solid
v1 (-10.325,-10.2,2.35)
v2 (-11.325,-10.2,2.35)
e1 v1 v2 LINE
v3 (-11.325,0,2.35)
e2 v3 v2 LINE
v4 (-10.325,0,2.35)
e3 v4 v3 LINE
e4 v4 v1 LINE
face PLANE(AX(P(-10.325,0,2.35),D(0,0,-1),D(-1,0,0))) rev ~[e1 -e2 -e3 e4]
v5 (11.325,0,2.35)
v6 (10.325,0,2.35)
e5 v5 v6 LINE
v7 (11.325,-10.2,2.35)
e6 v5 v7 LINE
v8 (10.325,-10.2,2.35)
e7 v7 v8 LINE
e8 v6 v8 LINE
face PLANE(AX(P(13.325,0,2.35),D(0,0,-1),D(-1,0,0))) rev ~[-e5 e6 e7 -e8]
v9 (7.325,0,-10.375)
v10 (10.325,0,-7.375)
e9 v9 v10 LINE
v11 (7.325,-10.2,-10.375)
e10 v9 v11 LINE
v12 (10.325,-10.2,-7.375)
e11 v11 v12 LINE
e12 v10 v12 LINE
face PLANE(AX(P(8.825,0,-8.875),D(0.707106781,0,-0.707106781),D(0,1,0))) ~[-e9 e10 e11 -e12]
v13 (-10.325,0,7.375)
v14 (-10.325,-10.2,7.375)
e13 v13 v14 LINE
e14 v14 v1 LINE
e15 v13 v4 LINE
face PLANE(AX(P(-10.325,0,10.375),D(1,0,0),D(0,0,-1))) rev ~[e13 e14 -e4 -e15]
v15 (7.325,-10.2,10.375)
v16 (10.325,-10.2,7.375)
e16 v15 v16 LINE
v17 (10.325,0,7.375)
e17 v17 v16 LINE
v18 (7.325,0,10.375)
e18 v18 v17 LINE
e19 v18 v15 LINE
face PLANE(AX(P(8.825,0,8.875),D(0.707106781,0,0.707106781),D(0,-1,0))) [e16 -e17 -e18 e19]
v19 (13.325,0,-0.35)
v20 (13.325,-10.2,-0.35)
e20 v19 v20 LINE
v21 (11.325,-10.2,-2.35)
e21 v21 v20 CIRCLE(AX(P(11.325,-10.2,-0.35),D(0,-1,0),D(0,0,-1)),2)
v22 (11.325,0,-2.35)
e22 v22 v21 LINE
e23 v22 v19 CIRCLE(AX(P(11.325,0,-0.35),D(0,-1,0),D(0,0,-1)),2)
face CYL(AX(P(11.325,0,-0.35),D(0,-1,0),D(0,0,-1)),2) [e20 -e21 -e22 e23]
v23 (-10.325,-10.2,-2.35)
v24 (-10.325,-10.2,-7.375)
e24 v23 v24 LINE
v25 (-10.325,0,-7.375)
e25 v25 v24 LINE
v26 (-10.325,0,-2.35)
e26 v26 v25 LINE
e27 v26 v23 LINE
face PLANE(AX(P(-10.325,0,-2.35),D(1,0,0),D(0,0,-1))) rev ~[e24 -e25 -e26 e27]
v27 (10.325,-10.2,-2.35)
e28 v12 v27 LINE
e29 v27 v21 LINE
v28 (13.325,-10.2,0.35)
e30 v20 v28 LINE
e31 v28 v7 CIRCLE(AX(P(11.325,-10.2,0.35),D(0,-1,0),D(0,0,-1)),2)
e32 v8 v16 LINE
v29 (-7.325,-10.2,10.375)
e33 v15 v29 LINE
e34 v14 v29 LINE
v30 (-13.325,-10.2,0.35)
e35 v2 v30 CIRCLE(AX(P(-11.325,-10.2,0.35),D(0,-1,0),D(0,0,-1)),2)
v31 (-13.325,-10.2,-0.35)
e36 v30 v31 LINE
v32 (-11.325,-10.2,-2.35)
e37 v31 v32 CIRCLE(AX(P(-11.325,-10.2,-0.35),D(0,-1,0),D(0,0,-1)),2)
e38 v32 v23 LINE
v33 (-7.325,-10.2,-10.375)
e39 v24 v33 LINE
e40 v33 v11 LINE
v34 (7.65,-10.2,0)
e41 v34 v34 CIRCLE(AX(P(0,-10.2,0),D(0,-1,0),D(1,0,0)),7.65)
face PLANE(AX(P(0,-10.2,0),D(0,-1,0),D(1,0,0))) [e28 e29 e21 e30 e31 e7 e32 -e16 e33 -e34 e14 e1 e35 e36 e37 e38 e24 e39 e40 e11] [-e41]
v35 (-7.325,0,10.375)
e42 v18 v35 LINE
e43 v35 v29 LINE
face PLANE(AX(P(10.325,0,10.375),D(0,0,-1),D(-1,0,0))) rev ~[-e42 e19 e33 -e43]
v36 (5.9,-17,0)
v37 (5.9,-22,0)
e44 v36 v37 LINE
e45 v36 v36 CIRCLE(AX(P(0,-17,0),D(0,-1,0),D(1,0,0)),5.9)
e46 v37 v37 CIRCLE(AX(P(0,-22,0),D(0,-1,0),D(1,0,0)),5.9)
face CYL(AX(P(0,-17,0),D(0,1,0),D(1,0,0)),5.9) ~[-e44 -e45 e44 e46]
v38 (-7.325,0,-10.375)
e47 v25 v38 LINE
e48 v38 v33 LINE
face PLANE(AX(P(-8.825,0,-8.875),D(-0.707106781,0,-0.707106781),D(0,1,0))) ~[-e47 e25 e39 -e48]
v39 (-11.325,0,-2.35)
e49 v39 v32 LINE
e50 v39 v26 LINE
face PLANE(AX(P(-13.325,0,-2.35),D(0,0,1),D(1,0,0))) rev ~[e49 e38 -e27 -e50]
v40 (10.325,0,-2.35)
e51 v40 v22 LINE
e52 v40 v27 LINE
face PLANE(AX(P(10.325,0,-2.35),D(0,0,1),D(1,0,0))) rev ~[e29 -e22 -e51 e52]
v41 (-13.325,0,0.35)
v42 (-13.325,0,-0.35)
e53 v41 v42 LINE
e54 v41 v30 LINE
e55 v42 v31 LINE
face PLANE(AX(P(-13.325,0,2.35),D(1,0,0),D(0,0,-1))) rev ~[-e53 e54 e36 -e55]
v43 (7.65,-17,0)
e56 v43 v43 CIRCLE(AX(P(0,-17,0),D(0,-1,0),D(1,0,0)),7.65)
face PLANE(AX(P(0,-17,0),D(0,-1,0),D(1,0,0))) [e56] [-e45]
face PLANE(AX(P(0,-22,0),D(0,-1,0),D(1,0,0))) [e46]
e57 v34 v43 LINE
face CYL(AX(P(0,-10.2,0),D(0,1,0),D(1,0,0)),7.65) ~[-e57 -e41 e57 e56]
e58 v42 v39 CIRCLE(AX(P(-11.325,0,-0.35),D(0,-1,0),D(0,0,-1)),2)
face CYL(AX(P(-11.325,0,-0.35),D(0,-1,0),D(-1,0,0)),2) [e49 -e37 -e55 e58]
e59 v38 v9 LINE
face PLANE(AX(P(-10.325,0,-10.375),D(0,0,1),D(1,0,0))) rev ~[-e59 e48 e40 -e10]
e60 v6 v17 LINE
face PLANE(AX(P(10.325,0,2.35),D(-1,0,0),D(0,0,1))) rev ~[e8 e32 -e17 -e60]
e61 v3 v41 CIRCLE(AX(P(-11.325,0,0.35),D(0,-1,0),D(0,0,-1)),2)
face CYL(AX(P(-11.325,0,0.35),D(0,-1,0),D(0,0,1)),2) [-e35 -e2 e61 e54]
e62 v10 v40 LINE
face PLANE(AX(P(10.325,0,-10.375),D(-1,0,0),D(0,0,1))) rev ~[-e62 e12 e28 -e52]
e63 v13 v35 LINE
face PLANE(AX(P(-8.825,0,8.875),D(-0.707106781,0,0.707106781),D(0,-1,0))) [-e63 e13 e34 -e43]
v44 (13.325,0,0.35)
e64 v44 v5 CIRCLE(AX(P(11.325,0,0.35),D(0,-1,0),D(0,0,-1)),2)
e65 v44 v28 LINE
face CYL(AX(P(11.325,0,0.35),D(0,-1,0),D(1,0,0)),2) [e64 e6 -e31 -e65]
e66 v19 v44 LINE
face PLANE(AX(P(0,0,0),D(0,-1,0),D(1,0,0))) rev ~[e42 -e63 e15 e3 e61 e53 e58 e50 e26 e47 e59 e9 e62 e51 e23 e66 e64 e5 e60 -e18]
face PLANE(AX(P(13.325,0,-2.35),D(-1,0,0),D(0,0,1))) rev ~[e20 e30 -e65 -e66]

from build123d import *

# Parameters (mm, degrees)
F1_DEPTH = 10.2
F2_R     = 2
F3_R     = 7.65
F4_DEPTH = 6.8
F5_SIZE  = 3
F6_R     = 5.9
F7_DEPTH = 5


with BuildPart() as f1:
    # F0 (on Front) → F1 (new body)
    with BuildSketch(Plane.XZ):
        Polygon((10.325, 2.35), (10.325, 10.375), (-10.325, 10.375), (-10.325, 2.35), (-13.325, 2.35), (-13.325, -2.35), (-10.325, -2.35), (-10.325, -10.375), (10.325, -10.375), (10.325, -2.35), (13.325, -2.35), (13.325, 2.35), align=None)
    extrude(amount=F1_DEPTH)

    # F2
    f2_edges = [f1.edges().sort_by_distance(p)[0] for p in [
        (-13.325, -5.1, -2.35),
        (-13.325, -5.1, 2.35),
        (13.325, -5.1, -2.35),
        (13.325, -5.1, 2.35),
    ]]
    fillet(f2_edges, radius=F2_R)

    # F3 (on face) → F4 (join)
    with BuildSketch(Plane.XZ.offset(10.2)):
        Circle(F3_R)
    extrude(amount=F4_DEPTH)

    # F5
    f5_edges = [f1.edges().sort_by_distance(p)[0] for p in [
        (-10.325, -5.1, -10.375),
        (-10.325, -5.1, 10.375),
        (10.325, -5.1, -10.375),
        (10.325, -5.1, 10.375),
    ]]
    chamfer(f5_edges, length=F5_SIZE)

    # F6 (on face) → F7 (join)
    with BuildSketch(Plane.XZ.offset(17)):
        Circle(F6_R)
    extrude(amount=F7_DEPTH)


solid = f1.part
